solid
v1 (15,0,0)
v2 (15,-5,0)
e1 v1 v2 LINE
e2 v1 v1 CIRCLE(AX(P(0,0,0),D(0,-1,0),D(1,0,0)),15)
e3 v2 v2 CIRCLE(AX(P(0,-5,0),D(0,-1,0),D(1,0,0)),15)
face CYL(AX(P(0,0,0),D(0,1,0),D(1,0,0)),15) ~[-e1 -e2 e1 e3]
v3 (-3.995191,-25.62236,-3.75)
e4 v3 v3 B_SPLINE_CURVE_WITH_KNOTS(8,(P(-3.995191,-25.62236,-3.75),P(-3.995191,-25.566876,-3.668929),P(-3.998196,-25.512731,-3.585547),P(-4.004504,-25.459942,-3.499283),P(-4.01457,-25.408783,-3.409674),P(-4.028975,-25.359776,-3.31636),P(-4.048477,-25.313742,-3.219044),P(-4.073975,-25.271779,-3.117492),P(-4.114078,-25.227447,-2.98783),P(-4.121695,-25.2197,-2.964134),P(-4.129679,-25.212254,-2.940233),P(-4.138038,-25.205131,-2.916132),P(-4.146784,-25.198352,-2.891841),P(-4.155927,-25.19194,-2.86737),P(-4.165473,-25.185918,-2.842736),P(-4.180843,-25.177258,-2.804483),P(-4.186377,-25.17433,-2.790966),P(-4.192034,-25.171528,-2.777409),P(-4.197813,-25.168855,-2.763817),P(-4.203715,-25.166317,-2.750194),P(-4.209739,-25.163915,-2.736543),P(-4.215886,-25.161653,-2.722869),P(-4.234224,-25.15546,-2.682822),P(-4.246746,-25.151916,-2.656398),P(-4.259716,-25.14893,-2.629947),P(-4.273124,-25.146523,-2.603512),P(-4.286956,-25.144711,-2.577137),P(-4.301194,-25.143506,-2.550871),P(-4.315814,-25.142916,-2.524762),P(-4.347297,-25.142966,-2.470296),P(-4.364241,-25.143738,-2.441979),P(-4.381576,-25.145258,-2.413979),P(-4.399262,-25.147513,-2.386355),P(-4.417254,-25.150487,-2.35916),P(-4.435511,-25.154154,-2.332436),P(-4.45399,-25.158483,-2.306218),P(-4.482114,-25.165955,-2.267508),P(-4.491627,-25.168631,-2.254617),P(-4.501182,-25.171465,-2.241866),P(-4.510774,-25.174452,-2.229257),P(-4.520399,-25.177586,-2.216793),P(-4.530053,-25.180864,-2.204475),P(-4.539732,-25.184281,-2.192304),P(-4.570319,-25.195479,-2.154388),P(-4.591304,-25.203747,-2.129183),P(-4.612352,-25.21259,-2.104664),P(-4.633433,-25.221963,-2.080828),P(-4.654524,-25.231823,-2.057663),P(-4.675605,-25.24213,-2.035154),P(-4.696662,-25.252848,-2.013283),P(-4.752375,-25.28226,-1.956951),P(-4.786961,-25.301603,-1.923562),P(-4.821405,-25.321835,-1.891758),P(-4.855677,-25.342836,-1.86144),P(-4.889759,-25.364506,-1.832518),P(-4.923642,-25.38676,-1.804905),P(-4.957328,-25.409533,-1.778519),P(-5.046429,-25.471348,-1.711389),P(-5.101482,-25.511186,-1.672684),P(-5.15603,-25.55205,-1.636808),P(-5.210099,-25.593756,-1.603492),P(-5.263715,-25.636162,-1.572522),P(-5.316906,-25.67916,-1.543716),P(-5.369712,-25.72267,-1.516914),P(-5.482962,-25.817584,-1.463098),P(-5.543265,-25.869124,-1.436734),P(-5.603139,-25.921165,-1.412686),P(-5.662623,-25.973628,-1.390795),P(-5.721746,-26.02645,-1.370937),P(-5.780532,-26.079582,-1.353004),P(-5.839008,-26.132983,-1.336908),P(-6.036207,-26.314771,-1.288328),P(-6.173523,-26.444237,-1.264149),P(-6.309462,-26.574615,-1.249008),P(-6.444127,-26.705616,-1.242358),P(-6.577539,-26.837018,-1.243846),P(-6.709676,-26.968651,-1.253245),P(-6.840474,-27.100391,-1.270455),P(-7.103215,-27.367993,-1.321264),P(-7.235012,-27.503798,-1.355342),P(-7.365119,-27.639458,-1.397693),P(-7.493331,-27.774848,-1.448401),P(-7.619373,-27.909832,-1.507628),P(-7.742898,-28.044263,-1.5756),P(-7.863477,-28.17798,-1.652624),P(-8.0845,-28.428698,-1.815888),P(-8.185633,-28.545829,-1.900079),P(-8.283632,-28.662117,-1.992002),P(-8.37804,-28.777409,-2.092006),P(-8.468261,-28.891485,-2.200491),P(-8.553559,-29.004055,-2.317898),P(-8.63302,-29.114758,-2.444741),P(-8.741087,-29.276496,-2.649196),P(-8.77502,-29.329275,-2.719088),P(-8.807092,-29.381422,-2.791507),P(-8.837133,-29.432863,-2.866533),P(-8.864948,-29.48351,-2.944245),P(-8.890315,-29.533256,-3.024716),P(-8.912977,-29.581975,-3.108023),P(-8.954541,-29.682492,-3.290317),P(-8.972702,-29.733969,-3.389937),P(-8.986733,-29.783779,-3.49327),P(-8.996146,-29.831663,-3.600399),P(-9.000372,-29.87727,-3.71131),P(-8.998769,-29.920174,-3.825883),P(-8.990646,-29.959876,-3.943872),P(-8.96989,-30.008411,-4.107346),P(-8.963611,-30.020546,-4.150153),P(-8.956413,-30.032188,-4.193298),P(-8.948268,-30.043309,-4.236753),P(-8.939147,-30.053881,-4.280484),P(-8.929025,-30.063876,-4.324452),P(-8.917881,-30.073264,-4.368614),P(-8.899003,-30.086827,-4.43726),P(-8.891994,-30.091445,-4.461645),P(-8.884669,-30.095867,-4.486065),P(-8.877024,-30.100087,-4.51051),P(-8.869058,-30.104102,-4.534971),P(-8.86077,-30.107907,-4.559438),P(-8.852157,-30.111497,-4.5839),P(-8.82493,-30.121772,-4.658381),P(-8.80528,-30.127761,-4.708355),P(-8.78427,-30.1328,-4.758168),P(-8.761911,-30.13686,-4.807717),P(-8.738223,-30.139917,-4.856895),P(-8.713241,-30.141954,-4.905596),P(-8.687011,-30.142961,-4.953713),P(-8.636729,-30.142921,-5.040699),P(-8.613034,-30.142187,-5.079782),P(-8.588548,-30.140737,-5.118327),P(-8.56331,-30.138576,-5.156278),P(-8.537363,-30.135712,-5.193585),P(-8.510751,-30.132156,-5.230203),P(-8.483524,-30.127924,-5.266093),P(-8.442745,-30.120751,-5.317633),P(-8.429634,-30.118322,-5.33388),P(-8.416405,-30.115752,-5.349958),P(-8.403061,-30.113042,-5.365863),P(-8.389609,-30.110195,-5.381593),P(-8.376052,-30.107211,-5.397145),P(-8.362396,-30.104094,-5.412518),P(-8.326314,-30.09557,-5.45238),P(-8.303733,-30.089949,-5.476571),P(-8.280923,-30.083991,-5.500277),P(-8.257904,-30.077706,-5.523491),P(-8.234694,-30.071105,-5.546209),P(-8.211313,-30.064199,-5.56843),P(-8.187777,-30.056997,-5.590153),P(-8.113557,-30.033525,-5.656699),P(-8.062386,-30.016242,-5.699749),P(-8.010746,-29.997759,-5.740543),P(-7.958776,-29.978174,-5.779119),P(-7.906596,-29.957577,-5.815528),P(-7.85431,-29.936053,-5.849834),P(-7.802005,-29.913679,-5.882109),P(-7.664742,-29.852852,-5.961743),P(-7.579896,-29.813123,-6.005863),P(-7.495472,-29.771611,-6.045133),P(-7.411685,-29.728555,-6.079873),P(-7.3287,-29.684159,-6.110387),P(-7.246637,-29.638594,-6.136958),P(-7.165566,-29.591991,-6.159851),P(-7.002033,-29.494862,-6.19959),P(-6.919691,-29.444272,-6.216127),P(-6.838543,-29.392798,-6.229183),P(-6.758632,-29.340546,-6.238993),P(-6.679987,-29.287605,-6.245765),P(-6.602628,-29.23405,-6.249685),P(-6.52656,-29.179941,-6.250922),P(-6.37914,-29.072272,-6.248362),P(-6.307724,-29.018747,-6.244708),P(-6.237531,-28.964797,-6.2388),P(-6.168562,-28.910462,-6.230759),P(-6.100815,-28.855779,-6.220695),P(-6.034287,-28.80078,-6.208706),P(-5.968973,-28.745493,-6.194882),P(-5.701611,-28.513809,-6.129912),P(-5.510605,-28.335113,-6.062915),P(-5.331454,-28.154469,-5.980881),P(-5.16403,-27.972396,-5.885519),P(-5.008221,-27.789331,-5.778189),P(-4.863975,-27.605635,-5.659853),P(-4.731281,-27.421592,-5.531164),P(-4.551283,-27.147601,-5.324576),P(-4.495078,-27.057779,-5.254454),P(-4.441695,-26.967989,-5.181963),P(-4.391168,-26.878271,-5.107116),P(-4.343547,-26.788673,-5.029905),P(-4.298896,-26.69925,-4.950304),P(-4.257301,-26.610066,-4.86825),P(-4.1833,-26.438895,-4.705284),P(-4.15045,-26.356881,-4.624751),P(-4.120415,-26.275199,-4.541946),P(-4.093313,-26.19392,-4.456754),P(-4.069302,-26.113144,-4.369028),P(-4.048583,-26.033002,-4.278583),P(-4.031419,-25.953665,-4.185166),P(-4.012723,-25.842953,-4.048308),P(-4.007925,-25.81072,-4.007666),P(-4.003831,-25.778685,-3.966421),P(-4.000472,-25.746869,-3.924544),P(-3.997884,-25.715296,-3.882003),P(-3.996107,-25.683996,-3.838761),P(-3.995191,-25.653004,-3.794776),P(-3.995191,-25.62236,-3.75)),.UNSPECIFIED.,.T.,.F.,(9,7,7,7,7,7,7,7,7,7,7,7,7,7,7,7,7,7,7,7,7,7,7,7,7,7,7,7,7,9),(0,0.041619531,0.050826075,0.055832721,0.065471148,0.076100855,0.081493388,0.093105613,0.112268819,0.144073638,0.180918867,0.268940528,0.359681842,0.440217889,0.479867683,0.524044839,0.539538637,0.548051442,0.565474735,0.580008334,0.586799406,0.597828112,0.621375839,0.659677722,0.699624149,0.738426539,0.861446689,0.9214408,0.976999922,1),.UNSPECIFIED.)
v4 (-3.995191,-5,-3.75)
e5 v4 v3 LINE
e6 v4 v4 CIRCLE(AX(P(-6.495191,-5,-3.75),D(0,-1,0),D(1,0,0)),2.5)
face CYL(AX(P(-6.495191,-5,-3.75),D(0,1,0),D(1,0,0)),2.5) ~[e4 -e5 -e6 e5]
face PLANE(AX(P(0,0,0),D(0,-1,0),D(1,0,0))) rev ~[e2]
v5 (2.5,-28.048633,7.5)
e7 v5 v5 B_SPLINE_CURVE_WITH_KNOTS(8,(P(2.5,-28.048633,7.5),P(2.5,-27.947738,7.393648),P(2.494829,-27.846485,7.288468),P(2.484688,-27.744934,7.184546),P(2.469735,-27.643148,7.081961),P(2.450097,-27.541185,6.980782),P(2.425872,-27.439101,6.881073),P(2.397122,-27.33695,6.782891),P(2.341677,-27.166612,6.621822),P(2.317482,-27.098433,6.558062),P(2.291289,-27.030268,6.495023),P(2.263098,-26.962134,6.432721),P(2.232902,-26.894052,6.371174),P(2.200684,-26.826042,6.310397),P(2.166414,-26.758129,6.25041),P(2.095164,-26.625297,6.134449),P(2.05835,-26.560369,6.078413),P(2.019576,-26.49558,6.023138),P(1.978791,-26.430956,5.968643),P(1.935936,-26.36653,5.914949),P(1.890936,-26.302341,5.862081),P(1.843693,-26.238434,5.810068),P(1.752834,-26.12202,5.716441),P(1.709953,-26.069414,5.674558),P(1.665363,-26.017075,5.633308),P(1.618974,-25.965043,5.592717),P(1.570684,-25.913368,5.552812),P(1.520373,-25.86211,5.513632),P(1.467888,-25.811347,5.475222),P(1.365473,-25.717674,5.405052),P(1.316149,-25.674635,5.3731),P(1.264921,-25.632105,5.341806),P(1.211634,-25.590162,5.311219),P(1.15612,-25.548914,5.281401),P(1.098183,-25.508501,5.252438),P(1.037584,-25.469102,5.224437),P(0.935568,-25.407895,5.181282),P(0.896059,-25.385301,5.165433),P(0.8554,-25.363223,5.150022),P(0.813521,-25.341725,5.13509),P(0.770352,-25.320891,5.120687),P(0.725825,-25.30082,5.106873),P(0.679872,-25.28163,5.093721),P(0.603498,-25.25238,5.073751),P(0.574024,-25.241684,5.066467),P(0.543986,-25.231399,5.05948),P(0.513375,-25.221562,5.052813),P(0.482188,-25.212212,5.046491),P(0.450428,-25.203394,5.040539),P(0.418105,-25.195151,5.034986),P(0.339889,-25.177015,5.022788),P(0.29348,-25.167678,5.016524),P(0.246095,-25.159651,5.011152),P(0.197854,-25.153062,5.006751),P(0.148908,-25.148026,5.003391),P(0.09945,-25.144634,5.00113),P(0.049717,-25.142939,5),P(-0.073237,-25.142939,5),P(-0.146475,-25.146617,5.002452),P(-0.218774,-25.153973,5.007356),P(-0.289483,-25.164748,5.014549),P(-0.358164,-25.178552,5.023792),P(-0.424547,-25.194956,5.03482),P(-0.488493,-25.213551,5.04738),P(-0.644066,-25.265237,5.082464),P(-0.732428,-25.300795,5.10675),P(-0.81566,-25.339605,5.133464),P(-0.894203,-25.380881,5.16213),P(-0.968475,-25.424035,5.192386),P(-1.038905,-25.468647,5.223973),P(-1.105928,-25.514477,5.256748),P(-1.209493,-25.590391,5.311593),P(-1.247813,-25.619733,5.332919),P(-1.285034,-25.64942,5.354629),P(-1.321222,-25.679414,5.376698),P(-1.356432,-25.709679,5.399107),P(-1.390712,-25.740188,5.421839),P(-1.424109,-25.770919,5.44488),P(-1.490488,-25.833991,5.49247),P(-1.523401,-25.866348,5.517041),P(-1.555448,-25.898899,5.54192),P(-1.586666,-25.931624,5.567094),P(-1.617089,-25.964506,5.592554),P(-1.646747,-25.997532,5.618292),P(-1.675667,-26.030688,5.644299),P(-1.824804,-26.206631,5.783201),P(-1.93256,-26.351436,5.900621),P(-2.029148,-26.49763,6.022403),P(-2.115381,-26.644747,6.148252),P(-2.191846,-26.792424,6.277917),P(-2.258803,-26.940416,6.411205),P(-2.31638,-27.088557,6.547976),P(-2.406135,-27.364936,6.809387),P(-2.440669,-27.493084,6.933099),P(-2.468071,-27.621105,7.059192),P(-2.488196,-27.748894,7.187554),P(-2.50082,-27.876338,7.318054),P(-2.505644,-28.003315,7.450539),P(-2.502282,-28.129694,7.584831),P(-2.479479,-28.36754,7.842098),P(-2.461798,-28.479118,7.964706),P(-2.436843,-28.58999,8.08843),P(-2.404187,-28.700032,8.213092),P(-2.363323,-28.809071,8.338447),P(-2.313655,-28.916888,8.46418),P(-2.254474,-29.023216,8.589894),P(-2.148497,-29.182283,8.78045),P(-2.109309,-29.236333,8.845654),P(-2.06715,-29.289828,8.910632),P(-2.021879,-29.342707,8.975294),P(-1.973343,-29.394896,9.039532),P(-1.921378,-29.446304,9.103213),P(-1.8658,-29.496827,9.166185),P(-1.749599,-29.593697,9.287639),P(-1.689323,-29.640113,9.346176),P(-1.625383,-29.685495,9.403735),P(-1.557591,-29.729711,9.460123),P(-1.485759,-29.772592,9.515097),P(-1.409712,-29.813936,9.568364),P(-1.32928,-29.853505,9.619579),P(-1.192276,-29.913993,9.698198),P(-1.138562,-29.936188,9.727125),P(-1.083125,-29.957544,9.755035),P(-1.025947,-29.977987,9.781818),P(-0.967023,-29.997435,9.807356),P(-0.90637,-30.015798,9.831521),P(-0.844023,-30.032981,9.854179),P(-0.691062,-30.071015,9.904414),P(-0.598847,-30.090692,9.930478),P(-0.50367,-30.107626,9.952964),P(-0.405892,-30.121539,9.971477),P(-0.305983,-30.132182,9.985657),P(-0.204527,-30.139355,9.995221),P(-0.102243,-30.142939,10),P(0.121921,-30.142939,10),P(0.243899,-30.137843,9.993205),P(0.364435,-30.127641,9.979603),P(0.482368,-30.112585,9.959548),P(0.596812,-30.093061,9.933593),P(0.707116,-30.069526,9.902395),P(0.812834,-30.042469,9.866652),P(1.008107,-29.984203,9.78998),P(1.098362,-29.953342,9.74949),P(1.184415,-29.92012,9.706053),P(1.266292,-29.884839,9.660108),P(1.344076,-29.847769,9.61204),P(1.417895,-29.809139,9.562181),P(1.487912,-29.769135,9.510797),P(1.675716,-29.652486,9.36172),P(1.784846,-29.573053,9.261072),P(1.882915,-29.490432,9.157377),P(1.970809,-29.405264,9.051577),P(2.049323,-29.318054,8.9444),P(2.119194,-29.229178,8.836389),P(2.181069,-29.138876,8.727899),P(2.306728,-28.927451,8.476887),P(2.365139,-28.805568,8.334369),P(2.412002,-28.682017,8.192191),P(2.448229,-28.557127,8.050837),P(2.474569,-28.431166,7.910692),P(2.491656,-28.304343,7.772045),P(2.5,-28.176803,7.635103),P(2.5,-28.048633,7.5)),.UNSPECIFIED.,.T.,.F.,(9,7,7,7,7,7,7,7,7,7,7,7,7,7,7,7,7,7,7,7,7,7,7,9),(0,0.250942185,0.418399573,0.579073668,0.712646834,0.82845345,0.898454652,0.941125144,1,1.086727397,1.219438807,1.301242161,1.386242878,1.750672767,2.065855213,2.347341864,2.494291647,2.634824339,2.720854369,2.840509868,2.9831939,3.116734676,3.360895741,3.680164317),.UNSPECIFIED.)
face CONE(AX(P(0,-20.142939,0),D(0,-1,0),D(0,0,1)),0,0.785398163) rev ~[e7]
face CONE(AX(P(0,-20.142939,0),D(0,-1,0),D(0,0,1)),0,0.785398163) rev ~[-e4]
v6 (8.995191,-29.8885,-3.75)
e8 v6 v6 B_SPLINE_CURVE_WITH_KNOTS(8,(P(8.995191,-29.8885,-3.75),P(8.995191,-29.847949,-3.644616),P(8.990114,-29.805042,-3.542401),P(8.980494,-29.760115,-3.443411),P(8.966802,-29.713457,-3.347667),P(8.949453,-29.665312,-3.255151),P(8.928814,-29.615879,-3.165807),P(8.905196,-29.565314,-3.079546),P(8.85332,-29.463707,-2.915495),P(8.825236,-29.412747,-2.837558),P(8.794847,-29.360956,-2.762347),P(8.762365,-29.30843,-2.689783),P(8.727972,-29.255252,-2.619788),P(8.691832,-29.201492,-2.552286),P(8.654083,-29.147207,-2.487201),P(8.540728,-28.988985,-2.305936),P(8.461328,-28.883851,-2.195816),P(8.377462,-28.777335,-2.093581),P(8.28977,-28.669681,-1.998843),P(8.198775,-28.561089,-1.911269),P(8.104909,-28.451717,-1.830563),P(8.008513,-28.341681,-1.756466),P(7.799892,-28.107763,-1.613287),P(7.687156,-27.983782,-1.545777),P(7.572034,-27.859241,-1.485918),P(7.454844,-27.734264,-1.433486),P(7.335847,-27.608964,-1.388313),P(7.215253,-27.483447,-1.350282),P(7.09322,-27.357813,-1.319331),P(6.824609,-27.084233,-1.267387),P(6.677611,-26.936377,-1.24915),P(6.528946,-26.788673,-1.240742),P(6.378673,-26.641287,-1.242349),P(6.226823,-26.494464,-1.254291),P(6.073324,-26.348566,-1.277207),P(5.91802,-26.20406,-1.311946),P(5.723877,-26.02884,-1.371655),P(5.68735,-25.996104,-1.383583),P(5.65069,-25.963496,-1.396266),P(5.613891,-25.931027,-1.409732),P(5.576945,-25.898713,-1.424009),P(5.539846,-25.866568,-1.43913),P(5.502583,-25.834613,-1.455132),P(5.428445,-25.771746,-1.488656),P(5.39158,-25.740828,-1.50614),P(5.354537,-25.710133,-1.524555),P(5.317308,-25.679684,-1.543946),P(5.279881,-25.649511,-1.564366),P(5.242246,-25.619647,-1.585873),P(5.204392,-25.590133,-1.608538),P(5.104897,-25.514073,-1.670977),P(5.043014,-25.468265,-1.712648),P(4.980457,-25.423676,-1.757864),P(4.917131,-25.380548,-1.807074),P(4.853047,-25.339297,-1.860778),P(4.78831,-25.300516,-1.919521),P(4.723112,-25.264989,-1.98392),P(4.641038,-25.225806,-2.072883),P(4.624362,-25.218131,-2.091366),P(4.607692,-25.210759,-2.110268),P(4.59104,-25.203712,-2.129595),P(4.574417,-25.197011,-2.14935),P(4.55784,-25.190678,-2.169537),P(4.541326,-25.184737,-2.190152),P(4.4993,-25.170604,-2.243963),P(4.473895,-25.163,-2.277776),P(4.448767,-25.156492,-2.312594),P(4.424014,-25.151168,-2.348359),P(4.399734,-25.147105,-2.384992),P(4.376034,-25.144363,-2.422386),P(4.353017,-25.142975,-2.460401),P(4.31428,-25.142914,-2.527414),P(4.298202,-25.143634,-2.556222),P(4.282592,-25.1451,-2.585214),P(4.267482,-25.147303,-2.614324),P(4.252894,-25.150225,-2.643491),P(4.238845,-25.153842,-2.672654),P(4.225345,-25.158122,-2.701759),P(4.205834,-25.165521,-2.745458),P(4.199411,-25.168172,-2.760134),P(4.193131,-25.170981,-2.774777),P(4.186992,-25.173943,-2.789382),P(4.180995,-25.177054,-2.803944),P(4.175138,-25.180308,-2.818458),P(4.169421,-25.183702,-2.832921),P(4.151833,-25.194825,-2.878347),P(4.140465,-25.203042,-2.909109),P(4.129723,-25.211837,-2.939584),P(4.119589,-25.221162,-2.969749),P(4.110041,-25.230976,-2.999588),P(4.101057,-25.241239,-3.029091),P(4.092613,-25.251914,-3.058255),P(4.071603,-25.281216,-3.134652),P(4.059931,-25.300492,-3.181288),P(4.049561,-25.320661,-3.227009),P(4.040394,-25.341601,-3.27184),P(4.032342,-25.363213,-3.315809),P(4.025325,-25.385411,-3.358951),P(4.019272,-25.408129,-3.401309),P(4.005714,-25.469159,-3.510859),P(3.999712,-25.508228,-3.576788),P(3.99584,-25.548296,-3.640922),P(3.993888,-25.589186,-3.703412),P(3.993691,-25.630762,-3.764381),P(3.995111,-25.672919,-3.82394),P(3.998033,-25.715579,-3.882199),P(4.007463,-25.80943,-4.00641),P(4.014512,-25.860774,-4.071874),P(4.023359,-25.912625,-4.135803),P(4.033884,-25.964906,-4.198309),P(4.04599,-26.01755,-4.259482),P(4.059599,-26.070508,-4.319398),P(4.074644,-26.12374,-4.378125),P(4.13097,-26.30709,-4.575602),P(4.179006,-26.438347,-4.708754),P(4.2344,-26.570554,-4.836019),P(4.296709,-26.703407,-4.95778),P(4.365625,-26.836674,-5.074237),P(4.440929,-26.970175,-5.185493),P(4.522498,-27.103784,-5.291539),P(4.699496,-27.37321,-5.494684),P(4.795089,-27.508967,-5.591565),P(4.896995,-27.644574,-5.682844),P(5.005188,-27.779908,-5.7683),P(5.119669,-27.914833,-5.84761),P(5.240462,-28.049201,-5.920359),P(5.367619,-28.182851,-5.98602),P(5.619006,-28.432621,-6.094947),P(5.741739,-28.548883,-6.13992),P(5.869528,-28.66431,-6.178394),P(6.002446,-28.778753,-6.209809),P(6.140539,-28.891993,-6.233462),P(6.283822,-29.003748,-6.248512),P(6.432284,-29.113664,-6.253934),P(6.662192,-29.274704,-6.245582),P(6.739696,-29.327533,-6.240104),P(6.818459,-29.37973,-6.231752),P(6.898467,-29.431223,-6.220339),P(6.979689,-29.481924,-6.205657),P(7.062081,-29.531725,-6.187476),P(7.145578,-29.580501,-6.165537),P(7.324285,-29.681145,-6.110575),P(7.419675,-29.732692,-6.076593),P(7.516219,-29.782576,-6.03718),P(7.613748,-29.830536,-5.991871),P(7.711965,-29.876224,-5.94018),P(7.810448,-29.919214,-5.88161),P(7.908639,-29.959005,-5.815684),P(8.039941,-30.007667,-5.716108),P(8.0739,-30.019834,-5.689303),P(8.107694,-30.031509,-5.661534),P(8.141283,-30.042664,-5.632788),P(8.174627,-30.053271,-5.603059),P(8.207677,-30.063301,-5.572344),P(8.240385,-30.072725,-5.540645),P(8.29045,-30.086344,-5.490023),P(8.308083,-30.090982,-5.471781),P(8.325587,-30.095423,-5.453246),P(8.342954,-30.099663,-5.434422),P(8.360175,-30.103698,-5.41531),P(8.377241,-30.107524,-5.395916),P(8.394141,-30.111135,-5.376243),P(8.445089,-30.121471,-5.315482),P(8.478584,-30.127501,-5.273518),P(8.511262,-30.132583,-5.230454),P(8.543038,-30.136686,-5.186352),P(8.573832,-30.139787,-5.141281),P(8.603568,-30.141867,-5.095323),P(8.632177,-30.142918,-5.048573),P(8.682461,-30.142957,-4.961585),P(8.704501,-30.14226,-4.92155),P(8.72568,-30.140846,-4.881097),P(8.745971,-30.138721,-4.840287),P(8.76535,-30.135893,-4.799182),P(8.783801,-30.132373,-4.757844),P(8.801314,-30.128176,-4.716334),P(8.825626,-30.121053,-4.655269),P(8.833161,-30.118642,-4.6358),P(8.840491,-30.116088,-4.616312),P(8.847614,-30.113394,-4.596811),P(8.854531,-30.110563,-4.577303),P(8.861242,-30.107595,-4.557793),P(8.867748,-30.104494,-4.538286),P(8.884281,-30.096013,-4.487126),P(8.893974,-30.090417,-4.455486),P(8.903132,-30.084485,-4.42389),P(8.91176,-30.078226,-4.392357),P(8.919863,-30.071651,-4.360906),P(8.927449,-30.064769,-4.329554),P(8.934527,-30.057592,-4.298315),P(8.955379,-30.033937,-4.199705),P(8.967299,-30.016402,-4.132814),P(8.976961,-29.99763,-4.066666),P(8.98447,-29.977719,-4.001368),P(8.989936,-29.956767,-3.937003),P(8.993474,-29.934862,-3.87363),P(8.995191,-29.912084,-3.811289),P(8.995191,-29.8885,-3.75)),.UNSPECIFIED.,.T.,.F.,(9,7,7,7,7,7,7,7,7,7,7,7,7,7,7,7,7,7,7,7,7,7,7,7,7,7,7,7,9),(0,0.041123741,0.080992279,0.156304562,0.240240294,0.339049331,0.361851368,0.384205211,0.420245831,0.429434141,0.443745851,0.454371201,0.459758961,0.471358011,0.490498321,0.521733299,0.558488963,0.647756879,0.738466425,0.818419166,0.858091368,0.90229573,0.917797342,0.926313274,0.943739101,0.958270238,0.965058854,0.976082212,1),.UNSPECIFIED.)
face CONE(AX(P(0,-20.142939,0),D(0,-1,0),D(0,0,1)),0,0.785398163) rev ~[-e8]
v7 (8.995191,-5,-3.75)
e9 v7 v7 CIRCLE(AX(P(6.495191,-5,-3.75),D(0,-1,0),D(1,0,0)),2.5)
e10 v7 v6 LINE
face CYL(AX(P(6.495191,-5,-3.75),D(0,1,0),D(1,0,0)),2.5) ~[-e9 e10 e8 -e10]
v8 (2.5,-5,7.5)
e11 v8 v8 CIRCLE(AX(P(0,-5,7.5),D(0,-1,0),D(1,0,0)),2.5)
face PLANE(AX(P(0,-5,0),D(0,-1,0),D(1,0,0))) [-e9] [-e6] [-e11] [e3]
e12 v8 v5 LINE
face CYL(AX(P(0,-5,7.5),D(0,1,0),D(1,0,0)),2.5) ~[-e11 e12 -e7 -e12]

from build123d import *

# Parameters (mm, degrees)
F0_R     = 15
F1_DEPTH = 5
F2_R     = 2.5
F3_DEPTH = 25.4


with BuildPart() as f1:
    # F0 (on Front) → F1 (new body)
    with BuildSketch(Plane.XZ):
        Circle(F0_R)
    extrude(amount=F1_DEPTH)

    # F2 (on face) → F3 (join)
    with BuildSketch(Plane.XZ.offset(5)):
        with Locations((-6.495191, -3.75)):
            Circle(F2_R)
        with Locations((0, 7.5)):
            Circle(F2_R)
        with Locations((6.495191, -3.75)):
            Circle(F2_R)
    extrude(amount=F3_DEPTH)

    # F4 (on Right) → F5 (revolve, cut)
    with BuildSketch(Plane.YZ):
        Polygon((-20.142939, 0), (-30.415036, 10.272097), (-30.415036, 0), align=None)
    revolve(axis=Axis((0, -21.627579, 0), (0, -1, 0)), mode=Mode.SUBTRACT)


solid = f1.part
